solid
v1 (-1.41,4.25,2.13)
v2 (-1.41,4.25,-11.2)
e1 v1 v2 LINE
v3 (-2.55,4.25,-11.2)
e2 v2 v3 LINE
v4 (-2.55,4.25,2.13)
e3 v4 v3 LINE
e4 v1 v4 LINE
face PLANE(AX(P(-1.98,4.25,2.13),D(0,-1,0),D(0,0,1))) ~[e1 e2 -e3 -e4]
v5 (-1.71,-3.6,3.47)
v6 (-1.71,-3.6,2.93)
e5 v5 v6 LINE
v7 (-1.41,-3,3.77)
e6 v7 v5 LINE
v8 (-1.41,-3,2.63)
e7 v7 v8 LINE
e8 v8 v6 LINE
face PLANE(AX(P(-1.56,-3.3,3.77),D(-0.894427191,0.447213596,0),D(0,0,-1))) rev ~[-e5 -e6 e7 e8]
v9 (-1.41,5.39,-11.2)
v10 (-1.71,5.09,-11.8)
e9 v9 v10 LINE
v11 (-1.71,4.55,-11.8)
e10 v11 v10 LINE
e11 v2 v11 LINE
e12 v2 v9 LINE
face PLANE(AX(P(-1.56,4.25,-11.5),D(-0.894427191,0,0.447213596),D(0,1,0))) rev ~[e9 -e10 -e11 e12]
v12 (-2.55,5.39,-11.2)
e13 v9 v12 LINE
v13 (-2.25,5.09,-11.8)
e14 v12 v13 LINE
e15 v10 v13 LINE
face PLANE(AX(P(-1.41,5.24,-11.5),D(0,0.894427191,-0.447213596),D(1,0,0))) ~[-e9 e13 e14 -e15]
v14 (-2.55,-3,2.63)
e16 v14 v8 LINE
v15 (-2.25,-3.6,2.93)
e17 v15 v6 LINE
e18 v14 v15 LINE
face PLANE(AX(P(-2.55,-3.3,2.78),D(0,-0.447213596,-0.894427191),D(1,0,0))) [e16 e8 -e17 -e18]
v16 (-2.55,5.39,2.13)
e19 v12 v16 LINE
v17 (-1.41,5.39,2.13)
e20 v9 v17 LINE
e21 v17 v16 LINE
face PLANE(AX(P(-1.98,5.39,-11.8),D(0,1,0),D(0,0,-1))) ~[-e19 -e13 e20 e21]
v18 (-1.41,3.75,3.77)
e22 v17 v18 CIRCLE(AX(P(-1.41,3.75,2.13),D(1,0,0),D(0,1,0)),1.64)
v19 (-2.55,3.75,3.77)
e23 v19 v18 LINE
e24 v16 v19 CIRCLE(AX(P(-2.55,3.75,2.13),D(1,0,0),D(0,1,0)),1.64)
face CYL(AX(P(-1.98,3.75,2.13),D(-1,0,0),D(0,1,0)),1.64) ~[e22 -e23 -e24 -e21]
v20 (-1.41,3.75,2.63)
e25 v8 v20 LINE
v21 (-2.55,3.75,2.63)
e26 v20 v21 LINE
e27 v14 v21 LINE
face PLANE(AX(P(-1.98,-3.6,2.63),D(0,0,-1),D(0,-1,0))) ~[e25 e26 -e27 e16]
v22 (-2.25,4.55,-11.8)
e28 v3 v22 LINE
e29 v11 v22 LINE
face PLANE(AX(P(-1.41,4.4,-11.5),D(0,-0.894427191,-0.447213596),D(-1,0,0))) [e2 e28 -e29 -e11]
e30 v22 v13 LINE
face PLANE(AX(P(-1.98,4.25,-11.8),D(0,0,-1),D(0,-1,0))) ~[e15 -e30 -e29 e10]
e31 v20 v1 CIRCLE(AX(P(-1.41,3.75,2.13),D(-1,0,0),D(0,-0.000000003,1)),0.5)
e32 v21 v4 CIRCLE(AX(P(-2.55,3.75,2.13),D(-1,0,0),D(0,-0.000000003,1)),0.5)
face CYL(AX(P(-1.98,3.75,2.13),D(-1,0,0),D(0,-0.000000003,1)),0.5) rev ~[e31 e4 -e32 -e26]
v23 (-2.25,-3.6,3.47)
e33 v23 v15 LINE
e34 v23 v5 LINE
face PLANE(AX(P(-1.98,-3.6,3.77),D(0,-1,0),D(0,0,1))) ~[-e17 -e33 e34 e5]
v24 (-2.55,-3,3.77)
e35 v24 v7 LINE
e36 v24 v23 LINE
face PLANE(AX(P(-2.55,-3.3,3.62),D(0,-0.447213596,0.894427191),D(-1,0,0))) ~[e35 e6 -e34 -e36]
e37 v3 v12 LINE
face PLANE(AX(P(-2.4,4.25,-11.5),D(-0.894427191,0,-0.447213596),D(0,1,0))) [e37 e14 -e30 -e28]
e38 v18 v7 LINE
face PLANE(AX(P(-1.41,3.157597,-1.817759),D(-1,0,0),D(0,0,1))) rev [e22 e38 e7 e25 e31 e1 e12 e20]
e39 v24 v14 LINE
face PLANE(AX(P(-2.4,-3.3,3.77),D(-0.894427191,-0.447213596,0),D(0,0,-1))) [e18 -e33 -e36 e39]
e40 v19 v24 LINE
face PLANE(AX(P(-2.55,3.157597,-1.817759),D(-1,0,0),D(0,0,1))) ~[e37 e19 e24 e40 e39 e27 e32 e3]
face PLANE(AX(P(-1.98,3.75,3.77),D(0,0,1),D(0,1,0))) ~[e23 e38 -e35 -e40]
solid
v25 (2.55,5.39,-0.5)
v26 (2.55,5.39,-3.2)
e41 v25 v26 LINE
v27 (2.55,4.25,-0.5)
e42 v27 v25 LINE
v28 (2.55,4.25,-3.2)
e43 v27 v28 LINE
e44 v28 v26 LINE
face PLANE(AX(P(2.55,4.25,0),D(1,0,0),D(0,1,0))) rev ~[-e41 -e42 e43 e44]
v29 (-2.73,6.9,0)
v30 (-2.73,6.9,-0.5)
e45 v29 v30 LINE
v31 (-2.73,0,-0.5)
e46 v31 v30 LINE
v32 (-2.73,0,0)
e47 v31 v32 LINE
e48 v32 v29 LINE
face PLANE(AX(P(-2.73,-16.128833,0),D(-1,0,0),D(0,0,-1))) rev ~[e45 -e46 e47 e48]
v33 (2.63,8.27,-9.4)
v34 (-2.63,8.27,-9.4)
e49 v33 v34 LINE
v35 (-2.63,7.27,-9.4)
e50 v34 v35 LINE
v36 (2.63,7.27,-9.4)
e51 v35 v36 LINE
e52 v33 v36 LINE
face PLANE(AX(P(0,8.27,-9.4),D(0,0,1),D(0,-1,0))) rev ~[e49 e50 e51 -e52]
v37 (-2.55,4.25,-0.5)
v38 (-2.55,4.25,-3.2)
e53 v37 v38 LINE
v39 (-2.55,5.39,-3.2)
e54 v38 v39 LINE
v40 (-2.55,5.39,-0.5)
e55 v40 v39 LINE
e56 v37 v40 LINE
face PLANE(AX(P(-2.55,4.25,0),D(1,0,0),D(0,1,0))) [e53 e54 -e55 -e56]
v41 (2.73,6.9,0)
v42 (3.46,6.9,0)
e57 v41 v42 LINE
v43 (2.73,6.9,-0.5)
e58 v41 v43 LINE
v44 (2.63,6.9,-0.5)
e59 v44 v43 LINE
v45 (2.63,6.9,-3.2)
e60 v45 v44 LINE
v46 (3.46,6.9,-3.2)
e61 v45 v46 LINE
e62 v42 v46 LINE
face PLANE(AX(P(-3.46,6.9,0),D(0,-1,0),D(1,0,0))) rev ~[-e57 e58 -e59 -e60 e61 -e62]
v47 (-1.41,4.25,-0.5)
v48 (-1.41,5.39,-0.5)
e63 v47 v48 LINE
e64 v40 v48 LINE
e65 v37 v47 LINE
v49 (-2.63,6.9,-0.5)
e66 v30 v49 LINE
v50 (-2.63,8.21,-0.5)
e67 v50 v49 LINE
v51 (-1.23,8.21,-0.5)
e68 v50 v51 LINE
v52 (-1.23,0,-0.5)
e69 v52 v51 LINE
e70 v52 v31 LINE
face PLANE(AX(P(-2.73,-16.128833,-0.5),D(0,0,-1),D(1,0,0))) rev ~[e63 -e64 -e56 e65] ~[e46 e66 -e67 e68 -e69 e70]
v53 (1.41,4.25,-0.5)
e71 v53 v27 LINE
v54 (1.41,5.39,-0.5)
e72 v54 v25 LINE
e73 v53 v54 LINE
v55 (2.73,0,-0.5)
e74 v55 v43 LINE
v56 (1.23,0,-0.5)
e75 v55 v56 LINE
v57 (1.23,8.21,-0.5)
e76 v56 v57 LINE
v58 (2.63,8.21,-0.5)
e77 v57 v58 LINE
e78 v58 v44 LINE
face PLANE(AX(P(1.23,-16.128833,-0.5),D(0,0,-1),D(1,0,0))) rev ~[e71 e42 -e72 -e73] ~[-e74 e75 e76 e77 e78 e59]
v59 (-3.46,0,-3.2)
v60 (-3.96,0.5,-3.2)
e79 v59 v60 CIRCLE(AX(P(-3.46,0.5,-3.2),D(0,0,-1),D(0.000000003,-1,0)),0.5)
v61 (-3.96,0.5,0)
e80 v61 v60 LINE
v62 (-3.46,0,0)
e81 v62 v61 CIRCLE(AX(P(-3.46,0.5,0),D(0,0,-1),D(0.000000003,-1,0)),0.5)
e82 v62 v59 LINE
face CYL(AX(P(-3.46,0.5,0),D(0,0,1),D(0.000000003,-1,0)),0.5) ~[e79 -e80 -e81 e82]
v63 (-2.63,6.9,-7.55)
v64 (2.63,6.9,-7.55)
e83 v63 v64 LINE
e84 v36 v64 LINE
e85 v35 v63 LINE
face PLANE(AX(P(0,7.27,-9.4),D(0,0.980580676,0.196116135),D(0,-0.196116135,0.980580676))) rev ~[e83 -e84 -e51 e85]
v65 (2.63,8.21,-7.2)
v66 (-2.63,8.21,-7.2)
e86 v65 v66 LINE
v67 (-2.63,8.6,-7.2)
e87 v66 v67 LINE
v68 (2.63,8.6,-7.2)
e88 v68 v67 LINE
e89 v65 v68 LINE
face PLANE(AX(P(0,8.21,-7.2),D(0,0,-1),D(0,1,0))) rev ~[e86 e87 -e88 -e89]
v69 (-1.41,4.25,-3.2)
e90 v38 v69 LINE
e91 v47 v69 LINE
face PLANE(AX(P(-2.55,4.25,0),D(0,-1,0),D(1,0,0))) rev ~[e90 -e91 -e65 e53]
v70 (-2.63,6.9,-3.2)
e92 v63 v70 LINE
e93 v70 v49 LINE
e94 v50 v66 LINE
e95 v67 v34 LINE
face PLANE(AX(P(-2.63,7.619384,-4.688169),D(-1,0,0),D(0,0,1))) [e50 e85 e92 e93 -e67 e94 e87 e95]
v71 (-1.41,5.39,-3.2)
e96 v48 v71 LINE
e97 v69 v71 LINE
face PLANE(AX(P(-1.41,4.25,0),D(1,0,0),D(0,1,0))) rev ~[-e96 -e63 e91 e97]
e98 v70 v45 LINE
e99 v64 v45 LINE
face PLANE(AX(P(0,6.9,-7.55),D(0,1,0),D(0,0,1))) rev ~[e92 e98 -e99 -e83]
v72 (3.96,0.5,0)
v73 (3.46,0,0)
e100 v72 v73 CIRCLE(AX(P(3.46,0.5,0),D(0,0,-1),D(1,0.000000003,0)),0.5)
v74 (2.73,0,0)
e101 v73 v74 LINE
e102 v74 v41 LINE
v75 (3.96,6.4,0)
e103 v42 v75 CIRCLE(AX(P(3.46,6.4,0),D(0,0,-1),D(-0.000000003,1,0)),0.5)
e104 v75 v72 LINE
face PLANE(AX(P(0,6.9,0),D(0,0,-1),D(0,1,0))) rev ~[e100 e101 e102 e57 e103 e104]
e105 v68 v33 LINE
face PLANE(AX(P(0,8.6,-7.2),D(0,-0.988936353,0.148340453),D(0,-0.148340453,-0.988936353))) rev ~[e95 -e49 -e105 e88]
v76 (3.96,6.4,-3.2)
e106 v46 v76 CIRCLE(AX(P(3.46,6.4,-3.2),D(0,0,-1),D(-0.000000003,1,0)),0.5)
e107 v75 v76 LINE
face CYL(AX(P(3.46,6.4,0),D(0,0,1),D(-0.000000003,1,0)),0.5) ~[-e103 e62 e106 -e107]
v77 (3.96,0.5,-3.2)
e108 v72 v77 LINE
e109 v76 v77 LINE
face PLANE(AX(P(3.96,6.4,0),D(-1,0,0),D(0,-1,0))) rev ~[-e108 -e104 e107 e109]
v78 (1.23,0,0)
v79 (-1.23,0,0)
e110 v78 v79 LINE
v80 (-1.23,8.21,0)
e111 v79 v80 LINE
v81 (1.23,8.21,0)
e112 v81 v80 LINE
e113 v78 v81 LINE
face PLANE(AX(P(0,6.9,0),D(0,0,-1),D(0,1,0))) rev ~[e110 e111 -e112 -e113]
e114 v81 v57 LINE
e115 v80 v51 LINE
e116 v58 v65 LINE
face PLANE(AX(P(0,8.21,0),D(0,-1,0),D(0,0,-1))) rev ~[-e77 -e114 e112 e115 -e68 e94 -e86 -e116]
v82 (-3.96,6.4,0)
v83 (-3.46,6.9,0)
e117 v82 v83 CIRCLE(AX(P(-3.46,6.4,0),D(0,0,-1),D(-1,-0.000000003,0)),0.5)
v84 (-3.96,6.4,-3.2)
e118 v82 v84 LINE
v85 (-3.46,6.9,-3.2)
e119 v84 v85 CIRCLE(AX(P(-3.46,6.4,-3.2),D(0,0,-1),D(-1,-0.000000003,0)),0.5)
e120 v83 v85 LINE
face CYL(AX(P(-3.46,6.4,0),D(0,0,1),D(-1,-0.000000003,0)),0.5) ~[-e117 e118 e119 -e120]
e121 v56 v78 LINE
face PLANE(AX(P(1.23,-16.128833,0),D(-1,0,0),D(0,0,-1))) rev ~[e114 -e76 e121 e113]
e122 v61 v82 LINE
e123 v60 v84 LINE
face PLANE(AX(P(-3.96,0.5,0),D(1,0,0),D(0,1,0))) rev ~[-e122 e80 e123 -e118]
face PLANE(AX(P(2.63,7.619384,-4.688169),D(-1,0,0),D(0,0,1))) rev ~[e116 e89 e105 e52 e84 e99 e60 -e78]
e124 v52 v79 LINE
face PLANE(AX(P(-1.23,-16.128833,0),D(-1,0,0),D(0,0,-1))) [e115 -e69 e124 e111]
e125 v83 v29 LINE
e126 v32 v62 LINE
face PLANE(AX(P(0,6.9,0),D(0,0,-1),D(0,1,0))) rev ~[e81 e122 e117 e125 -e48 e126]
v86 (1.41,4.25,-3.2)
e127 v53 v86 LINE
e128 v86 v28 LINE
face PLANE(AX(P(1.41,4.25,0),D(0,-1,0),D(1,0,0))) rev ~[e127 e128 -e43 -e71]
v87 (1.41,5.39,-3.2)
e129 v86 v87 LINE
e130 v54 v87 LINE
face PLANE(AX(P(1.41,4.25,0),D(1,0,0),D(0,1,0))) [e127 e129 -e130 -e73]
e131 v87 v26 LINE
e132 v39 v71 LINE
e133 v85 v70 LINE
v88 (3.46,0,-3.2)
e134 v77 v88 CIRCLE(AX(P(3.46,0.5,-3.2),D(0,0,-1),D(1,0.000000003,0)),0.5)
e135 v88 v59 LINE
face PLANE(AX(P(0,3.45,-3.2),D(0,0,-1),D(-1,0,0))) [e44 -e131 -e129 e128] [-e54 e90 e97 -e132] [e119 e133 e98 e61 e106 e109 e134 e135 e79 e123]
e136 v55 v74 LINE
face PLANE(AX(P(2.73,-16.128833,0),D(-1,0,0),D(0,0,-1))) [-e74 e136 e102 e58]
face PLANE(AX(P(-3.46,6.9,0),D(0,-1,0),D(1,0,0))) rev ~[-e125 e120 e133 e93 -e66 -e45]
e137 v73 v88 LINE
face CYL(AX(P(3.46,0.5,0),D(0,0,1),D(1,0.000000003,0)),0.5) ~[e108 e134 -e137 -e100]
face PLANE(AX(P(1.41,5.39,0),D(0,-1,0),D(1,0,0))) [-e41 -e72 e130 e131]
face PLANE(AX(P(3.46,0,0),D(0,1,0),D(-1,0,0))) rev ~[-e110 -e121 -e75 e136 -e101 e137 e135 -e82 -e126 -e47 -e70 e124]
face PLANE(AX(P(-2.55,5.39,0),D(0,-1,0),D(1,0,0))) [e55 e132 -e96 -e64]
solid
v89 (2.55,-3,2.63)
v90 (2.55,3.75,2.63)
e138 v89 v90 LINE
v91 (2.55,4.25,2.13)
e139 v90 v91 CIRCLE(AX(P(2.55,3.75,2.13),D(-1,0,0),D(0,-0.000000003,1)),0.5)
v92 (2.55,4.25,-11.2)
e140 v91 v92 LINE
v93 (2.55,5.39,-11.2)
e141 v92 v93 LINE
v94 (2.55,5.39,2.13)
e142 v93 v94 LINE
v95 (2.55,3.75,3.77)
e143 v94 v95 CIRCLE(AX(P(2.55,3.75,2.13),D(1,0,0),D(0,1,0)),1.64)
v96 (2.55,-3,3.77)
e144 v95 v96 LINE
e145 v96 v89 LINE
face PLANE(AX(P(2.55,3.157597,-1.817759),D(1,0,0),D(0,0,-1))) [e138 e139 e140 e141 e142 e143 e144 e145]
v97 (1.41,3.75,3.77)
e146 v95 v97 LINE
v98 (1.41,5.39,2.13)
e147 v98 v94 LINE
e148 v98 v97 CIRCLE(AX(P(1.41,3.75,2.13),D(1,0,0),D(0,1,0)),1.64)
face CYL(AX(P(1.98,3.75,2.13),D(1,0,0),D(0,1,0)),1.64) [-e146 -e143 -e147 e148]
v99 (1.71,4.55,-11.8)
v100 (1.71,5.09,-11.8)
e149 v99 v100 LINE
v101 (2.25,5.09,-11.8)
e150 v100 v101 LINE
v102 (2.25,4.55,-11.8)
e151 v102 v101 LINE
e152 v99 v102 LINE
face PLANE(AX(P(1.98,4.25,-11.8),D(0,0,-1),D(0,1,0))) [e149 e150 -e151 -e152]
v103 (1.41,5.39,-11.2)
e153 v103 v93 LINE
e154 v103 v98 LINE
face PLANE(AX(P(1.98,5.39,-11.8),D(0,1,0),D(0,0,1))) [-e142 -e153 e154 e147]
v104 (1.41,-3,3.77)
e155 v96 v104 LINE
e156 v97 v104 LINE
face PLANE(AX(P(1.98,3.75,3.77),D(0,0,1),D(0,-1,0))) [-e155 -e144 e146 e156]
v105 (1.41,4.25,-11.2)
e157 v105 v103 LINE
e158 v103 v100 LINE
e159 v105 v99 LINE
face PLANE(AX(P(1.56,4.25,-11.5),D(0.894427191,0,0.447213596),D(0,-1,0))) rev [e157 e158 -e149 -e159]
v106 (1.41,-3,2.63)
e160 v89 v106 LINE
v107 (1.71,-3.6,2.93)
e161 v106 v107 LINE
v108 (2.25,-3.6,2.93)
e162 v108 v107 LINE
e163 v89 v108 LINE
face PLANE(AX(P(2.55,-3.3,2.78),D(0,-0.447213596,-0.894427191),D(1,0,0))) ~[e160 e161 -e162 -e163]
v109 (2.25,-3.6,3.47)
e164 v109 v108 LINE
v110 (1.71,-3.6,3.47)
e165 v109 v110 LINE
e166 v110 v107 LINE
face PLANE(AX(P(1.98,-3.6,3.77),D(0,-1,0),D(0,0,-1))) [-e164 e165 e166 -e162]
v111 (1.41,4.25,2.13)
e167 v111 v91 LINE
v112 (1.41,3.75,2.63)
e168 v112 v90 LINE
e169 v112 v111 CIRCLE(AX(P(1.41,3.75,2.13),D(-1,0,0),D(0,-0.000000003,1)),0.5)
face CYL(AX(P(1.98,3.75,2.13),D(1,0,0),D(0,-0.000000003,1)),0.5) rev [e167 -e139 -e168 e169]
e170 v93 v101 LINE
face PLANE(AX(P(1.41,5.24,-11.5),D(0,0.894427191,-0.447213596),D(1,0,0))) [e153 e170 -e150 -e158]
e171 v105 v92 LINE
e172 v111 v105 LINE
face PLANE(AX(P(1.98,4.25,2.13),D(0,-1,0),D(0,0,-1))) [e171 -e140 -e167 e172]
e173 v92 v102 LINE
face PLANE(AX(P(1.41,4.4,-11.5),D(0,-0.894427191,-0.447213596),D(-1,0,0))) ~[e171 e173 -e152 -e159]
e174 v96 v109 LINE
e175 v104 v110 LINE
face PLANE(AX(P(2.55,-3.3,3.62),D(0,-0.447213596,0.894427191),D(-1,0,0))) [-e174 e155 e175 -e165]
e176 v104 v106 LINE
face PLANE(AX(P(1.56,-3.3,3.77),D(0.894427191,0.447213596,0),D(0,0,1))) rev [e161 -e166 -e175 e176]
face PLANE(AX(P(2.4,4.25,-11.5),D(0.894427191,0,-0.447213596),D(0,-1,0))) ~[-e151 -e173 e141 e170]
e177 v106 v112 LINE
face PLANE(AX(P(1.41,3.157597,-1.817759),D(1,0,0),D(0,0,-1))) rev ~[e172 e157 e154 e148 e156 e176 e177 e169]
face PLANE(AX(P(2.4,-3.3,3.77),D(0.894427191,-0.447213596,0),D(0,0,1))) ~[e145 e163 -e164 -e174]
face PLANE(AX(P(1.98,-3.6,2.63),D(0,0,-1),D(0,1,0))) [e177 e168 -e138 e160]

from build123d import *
from OCP.BRepFilletAPI import BRepFilletAPI_MakeChamfer

# Parameters (mm, degrees)
BOSS_EXTRUDE1_DEPTH     = 0.57
CHAMFER1_SIZE           = 0.6
CHAMFER1_SIZE2          = 0.3
SKETCH3_W               = 1.14
SKETCH3_H               = 1.14
BOSS_EXTRUDE2_DEPTH     = 3.2
BOSS_EXTRUDE3_DEPTH     = 2.63
CUT_EXTRUDE1_DEPTH      = 16.128833399
CUT_EXTRUDE1_DEPTH_BACK = 16.128833399
SKETCH4_W               = 1.5
SKETCH4_H               = 0.5


with BuildPart() as part:
    # Sketch2 → Boss-Extrude1 (new, symmetric)
    with BuildSketch(Plane(origin=(1.98, 0, 0), x_dir=(0, 0, -1), z_dir=(1, 0, 0))):
        with BuildLine():
            Line((-2.63, -3.6), (-2.63, 3.75))
            ThreePointArc((-2.63, 3.75), (-2.483553391, 4.103553391), (-2.13, 4.25))
            Line((-2.13, 4.25), (11.8, 4.25))
            Line((11.8, 4.25), (11.8, 5.39))
            Line((11.8, 5.39), (-2.13, 5.39))
            ThreePointArc((-2.13, 5.39), (-3.289655121, 4.909655121), (-3.77, 3.75))
            Line((-3.77, 3.75), (-3.77, -3.6))
            Line((-3.77, -3.6), (-2.63, -3.6))
        make_face()
    extrude(amount=BOSS_EXTRUDE1_DEPTH, both=True)

    # Chamfer1: one chamfer whose edges measure the first distance from different faces: ONE call of the kernel's chamfer builder (chamfer() names one face for all edges)
    chamfer1_edges_1 = [part.edges().sort_by_distance(p)[0] for p in [
        (1.41, -3.6, 3.2),
        (1.41, 4.82, -11.8),
    ]]
    chamfer1_side_1 = [part.faces().sort_by_distance(p)[0] for p in [
        (1.41, 0.075, 3.590209845),
    ]]
    chamfer1_edges_2 = [part.edges().sort_by_distance(p)[0] for p in [
        (1.98, -3.6, 3.77),
    ]]
    chamfer1_side_2 = [part.faces().sort_by_distance(p)[0] for p in [
        (1.98, 0.075, 3.77),
    ]]
    chamfer1_edges_3 = [part.edges().sort_by_distance(p)[0] for p in [
        (1.98, 5.39, -11.8),
    ]]
    chamfer1_side_3 = [part.faces().sort_by_distance(p)[0] for p in [
        (1.98, 5.39, -4.835),
    ]]
    chamfer1_edges_4 = [part.edges().sort_by_distance(p)[0] for p in [
        (1.98, 4.25, -11.8),
    ]]
    chamfer1_side_4 = [part.faces().sort_by_distance(p)[0] for p in [
        (1.98, 4.25, -4.835),
    ]]
    chamfer1_edges_5 = [part.edges().sort_by_distance(p)[0] for p in [
        (1.98, -3.6, 2.63),
    ]]
    chamfer1_side_5 = [part.faces().sort_by_distance(p)[0] for p in [
        (1.98, 0.075, 2.63),
    ]]
    chamfer1_edges_6 = [part.edges().sort_by_distance(p)[0] for p in [
        (2.55, 4.82, -11.8),
        (2.55, -3.6, 3.2),
    ]]
    chamfer1_side_6 = [part.faces().sort_by_distance(p)[0] for p in [
        (2.55, 0.075, 3.590209845),
    ]]
    chamfer1 = BRepFilletAPI_MakeChamfer(part.part.solid().wrapped)
    for e in chamfer1_edges_1:
        chamfer1.Add(CHAMFER1_SIZE, CHAMFER1_SIZE2, e.wrapped, chamfer1_side_1[0].wrapped)  # the first distance lies on this face
    for e in chamfer1_edges_2:
        chamfer1.Add(CHAMFER1_SIZE, CHAMFER1_SIZE2, e.wrapped, chamfer1_side_2[0].wrapped)  # the first distance lies on this face
    for e in chamfer1_edges_3:
        chamfer1.Add(CHAMFER1_SIZE, CHAMFER1_SIZE2, e.wrapped, chamfer1_side_3[0].wrapped)  # the first distance lies on this face
    for e in chamfer1_edges_4:
        chamfer1.Add(CHAMFER1_SIZE, CHAMFER1_SIZE2, e.wrapped, chamfer1_side_4[0].wrapped)  # the first distance lies on this face
    for e in chamfer1_edges_5:
        chamfer1.Add(CHAMFER1_SIZE, CHAMFER1_SIZE2, e.wrapped, chamfer1_side_5[0].wrapped)  # the first distance lies on this face
    for e in chamfer1_edges_6:
        chamfer1.Add(CHAMFER1_SIZE, CHAMFER1_SIZE2, e.wrapped, chamfer1_side_6[0].wrapped)  # the first distance lies on this face
    add(Compound.cast(chamfer1.Shape()), mode=Mode.REPLACE)


with BuildPart() as body_2:
    # Mirror2: mirrored copy
    add(part.part.mirror(Plane(origin=(0, 0, 0), x_dir=(0, 0, 1), z_dir=(1, 0, 0))))


with BuildPart() as body_3:
    # Sketch3 → Boss-Extrude2 (new body)
    with BuildSketch(Plane.XY):
        with BuildLine():
            Line((-3.46, 6.9), (3.46, 6.9))
            ThreePointArc((3.46, 6.9), (3.813553391, 6.753553391), (3.96, 6.4))
            Line((3.96, 6.4), (3.96, 0.5))
            ThreePointArc((3.96, 0.5), (3.813553391, 0.146446609), (3.46, 0))
            Line((3.46, 0), (-3.46, 0))
            ThreePointArc((-3.46, 0), (-3.813553391, 0.146446609), (-3.96, 0.5))
            Line((-3.96, 0.5), (-3.96, 6.4))
            ThreePointArc((-3.96, 6.4), (-3.813553391, 6.753553391), (-3.46, 6.9))
        make_face()
        with Locations((-1.98, 4.82)):
            Rectangle(SKETCH3_W, SKETCH3_H, mode=Mode.SUBTRACT)
        with Locations((1.98, 4.82)):
            Rectangle(SKETCH3_W, SKETCH3_H, mode=Mode.SUBTRACT)
    extrude(amount=-BOSS_EXTRUDE2_DEPTH)

    # Sketch6 → Boss-Extrude3 (add, symmetric)
    with BuildSketch(Plane(origin=(0, 0, 0), x_dir=(0, 0, -1), z_dir=(1, 0, 0))):
        Polygon((0, 6.9), (0, 8.21), (7.2, 8.21), (7.2, 8.6), (9.4, 8.27), (9.4, 7.27), (7.55, 6.9), align=None)
    extrude(amount=BOSS_EXTRUDE3_DEPTH, both=True)

    # Sketch4 → Cut-Extrude1 (cut, two sides: drawn at the far end of the back side and taken through both)
    with BuildSketch(Plane(origin=(0, 0, 0), x_dir=(1, 0, 0), z_dir=(0, 1, 0)).offset(-CUT_EXTRUDE1_DEPTH_BACK)):
        with Locations((-1.98, 0.25)):
            Rectangle(SKETCH4_W, SKETCH4_H)
        with Locations((1.98, 0.25)):
            Rectangle(SKETCH4_W, SKETCH4_H)
    extrude(amount=CUT_EXTRUDE1_DEPTH + CUT_EXTRUDE1_DEPTH_BACK, mode=Mode.SUBTRACT)


solid = Compound([part.part, body_2.part, body_3.part])
